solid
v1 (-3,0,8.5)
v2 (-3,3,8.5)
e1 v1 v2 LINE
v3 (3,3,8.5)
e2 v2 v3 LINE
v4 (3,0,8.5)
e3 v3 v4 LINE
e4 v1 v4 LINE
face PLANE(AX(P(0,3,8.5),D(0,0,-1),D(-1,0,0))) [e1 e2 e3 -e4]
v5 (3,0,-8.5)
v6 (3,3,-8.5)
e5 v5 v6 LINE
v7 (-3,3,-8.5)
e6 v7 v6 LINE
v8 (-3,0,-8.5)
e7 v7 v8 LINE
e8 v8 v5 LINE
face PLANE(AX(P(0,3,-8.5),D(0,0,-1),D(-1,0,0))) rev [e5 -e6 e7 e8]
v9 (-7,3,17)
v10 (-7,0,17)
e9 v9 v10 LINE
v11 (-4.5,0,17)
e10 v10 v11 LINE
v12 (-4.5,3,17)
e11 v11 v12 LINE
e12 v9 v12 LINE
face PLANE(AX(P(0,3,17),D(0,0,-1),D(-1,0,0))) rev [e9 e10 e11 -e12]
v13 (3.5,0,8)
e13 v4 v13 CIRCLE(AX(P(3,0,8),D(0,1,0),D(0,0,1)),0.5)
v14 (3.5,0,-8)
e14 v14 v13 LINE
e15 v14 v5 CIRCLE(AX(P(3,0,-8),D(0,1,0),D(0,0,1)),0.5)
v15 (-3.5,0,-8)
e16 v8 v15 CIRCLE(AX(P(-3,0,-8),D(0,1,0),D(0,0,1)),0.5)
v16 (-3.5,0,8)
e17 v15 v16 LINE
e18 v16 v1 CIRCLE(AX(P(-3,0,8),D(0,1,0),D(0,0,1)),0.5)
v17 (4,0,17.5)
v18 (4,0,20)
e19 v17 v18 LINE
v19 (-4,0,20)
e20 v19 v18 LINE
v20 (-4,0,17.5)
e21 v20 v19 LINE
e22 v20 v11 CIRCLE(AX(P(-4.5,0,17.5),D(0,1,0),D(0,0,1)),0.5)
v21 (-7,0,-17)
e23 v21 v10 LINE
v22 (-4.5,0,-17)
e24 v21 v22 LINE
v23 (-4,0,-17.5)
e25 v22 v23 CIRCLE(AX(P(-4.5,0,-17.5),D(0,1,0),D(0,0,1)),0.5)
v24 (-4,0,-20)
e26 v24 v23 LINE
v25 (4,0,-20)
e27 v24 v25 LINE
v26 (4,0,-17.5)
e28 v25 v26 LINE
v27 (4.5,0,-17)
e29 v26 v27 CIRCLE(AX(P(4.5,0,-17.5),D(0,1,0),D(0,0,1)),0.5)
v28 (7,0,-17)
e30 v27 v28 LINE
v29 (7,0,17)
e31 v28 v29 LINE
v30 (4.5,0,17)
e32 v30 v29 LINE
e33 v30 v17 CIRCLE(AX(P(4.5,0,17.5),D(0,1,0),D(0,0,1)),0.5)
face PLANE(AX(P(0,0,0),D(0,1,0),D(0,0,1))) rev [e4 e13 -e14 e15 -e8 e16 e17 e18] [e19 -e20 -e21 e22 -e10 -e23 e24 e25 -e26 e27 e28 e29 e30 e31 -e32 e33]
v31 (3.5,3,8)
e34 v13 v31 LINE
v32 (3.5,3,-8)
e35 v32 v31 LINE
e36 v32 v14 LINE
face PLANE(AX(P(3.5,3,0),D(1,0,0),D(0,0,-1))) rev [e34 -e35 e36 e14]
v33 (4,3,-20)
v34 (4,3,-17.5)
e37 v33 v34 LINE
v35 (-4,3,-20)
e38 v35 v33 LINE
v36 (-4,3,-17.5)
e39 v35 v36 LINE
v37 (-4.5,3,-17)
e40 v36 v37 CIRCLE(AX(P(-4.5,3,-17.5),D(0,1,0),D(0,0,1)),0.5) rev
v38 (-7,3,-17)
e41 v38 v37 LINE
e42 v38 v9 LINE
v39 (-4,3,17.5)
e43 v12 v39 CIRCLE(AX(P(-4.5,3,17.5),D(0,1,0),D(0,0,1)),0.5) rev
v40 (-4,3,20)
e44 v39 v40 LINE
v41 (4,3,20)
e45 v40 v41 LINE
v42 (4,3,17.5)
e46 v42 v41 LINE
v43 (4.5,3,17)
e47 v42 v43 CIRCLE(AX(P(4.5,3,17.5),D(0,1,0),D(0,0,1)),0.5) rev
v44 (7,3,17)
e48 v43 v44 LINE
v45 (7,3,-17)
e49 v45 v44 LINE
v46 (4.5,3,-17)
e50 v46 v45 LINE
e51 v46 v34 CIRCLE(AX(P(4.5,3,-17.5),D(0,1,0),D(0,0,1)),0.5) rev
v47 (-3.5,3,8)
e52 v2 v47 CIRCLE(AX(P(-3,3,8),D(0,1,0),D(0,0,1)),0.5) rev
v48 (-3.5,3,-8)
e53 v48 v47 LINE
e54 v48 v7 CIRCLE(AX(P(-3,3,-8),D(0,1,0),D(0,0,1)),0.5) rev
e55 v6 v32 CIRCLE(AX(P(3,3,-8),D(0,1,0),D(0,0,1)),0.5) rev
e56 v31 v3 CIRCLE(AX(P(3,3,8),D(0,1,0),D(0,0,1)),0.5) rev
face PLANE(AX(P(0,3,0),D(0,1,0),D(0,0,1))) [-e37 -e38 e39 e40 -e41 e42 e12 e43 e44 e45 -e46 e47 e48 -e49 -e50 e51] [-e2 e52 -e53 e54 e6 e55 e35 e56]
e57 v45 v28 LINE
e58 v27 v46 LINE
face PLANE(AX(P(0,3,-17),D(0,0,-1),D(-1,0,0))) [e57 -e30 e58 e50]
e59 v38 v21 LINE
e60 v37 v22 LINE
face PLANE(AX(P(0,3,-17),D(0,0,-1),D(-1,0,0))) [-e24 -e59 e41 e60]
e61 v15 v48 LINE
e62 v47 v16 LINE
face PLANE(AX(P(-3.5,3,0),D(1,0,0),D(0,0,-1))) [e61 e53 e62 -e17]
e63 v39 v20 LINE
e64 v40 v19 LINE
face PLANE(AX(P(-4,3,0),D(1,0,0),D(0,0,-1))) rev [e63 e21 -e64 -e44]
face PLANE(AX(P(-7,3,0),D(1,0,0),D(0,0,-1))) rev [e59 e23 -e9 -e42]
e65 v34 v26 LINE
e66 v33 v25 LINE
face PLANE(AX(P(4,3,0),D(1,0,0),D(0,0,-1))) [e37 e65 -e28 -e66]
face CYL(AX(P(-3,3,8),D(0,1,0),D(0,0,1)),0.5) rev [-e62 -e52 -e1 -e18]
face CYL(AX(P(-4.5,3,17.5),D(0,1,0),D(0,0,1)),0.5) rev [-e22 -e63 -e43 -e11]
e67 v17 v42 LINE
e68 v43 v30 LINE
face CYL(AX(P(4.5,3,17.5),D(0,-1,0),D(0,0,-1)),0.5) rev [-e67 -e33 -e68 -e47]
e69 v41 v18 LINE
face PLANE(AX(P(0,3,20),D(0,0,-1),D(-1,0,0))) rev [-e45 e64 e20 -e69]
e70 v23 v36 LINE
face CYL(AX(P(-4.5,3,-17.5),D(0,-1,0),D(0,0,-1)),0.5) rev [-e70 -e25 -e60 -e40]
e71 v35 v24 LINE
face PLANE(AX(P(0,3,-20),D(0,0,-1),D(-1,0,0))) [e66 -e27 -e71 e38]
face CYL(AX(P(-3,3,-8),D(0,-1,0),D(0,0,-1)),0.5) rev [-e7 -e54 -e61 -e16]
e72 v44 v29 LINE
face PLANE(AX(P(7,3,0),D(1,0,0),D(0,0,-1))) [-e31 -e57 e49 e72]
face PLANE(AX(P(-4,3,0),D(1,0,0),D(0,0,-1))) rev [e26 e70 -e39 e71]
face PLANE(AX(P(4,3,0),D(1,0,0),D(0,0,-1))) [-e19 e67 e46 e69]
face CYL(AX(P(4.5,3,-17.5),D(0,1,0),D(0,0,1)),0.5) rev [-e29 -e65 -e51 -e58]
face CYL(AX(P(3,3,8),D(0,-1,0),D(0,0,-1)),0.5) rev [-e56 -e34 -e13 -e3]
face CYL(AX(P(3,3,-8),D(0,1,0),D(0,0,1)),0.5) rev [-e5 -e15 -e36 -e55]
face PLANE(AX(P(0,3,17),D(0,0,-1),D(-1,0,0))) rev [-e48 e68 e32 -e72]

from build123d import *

# Parameters (mm, degrees)
SKETCH_1_W      = 7
SKETCH_1_H      = 17
SKETCH_1_W_2    = 8
SKETCH_1_H_2    = 3
EXTRUDE_1_DEPTH = 3
FILLET_1_R      = 0.5


with BuildPart() as part:
    # 草图1 → 凸台-拉伸1 (new body)
    # profile 1 of 5: a face of its own
    with BuildSketch(Plane(origin=(0, 0, 0), x_dir=(1, 0, 0), z_dir=(0, 1, 0))):
        Polygon((-4, 17), (-7, 17), (-7, -17), (-4, -17), (-4, -14), (4, -14), (4, -17), (7, -17), (7, 17), (4, 17), (4, 14), (-4, 14), align=None)
        Rectangle(SKETCH_1_W, SKETCH_1_H, mode=Mode.SUBTRACT)
    # profile 2 of 5: a face of its own
    with BuildSketch(Plane(origin=(0, 0, 0), x_dir=(1, 0, 0), z_dir=(0, 1, 0))):
        with Locations((0, 18.5)):
            Rectangle(SKETCH_1_W_2, SKETCH_1_H_2)
    # profile 3 of 5: a face of its own
    with BuildSketch(Plane(origin=(0, 0, 0), x_dir=(1, 0, 0), z_dir=(0, 1, 0))):
        with Locations((0, 15.5)):
            Rectangle(SKETCH_1_W_2, SKETCH_1_H_2)
    # profile 4 of 5: a face of its own
    with BuildSketch(Plane(origin=(0, 0, 0), x_dir=(1, 0, 0), z_dir=(0, 1, 0))):
        with Locations((0, -18.5)):
            Rectangle(SKETCH_1_W_2, SKETCH_1_H_2)
    # profile 5 of 5: a face of its own
    with BuildSketch(Plane(origin=(0, 0, 0), x_dir=(1, 0, 0), z_dir=(0, 1, 0))):
        with Locations((0, -15.5)):
            Rectangle(SKETCH_1_W_2, SKETCH_1_H_2)
    extrude(amount=EXTRUDE_1_DEPTH)

    # 圆角1
    fillet_1_edges = [part.edges().sort_by_distance(p)[0] for p in [
        (-3.5, 1.5, -8.5),
        (-3.5, 1.5, 8.5),
        (3.5, 1.5, 8.5),
        (3.5, 1.5, -8.5),
        (-4, 1.5, -17),
        (4, 1.5, -17),
        (4, 1.5, 17),
        (-4, 1.5, 17),
    ]]
    fillet(fillet_1_edges, radius=FILLET_1_R)


solid = part.part
